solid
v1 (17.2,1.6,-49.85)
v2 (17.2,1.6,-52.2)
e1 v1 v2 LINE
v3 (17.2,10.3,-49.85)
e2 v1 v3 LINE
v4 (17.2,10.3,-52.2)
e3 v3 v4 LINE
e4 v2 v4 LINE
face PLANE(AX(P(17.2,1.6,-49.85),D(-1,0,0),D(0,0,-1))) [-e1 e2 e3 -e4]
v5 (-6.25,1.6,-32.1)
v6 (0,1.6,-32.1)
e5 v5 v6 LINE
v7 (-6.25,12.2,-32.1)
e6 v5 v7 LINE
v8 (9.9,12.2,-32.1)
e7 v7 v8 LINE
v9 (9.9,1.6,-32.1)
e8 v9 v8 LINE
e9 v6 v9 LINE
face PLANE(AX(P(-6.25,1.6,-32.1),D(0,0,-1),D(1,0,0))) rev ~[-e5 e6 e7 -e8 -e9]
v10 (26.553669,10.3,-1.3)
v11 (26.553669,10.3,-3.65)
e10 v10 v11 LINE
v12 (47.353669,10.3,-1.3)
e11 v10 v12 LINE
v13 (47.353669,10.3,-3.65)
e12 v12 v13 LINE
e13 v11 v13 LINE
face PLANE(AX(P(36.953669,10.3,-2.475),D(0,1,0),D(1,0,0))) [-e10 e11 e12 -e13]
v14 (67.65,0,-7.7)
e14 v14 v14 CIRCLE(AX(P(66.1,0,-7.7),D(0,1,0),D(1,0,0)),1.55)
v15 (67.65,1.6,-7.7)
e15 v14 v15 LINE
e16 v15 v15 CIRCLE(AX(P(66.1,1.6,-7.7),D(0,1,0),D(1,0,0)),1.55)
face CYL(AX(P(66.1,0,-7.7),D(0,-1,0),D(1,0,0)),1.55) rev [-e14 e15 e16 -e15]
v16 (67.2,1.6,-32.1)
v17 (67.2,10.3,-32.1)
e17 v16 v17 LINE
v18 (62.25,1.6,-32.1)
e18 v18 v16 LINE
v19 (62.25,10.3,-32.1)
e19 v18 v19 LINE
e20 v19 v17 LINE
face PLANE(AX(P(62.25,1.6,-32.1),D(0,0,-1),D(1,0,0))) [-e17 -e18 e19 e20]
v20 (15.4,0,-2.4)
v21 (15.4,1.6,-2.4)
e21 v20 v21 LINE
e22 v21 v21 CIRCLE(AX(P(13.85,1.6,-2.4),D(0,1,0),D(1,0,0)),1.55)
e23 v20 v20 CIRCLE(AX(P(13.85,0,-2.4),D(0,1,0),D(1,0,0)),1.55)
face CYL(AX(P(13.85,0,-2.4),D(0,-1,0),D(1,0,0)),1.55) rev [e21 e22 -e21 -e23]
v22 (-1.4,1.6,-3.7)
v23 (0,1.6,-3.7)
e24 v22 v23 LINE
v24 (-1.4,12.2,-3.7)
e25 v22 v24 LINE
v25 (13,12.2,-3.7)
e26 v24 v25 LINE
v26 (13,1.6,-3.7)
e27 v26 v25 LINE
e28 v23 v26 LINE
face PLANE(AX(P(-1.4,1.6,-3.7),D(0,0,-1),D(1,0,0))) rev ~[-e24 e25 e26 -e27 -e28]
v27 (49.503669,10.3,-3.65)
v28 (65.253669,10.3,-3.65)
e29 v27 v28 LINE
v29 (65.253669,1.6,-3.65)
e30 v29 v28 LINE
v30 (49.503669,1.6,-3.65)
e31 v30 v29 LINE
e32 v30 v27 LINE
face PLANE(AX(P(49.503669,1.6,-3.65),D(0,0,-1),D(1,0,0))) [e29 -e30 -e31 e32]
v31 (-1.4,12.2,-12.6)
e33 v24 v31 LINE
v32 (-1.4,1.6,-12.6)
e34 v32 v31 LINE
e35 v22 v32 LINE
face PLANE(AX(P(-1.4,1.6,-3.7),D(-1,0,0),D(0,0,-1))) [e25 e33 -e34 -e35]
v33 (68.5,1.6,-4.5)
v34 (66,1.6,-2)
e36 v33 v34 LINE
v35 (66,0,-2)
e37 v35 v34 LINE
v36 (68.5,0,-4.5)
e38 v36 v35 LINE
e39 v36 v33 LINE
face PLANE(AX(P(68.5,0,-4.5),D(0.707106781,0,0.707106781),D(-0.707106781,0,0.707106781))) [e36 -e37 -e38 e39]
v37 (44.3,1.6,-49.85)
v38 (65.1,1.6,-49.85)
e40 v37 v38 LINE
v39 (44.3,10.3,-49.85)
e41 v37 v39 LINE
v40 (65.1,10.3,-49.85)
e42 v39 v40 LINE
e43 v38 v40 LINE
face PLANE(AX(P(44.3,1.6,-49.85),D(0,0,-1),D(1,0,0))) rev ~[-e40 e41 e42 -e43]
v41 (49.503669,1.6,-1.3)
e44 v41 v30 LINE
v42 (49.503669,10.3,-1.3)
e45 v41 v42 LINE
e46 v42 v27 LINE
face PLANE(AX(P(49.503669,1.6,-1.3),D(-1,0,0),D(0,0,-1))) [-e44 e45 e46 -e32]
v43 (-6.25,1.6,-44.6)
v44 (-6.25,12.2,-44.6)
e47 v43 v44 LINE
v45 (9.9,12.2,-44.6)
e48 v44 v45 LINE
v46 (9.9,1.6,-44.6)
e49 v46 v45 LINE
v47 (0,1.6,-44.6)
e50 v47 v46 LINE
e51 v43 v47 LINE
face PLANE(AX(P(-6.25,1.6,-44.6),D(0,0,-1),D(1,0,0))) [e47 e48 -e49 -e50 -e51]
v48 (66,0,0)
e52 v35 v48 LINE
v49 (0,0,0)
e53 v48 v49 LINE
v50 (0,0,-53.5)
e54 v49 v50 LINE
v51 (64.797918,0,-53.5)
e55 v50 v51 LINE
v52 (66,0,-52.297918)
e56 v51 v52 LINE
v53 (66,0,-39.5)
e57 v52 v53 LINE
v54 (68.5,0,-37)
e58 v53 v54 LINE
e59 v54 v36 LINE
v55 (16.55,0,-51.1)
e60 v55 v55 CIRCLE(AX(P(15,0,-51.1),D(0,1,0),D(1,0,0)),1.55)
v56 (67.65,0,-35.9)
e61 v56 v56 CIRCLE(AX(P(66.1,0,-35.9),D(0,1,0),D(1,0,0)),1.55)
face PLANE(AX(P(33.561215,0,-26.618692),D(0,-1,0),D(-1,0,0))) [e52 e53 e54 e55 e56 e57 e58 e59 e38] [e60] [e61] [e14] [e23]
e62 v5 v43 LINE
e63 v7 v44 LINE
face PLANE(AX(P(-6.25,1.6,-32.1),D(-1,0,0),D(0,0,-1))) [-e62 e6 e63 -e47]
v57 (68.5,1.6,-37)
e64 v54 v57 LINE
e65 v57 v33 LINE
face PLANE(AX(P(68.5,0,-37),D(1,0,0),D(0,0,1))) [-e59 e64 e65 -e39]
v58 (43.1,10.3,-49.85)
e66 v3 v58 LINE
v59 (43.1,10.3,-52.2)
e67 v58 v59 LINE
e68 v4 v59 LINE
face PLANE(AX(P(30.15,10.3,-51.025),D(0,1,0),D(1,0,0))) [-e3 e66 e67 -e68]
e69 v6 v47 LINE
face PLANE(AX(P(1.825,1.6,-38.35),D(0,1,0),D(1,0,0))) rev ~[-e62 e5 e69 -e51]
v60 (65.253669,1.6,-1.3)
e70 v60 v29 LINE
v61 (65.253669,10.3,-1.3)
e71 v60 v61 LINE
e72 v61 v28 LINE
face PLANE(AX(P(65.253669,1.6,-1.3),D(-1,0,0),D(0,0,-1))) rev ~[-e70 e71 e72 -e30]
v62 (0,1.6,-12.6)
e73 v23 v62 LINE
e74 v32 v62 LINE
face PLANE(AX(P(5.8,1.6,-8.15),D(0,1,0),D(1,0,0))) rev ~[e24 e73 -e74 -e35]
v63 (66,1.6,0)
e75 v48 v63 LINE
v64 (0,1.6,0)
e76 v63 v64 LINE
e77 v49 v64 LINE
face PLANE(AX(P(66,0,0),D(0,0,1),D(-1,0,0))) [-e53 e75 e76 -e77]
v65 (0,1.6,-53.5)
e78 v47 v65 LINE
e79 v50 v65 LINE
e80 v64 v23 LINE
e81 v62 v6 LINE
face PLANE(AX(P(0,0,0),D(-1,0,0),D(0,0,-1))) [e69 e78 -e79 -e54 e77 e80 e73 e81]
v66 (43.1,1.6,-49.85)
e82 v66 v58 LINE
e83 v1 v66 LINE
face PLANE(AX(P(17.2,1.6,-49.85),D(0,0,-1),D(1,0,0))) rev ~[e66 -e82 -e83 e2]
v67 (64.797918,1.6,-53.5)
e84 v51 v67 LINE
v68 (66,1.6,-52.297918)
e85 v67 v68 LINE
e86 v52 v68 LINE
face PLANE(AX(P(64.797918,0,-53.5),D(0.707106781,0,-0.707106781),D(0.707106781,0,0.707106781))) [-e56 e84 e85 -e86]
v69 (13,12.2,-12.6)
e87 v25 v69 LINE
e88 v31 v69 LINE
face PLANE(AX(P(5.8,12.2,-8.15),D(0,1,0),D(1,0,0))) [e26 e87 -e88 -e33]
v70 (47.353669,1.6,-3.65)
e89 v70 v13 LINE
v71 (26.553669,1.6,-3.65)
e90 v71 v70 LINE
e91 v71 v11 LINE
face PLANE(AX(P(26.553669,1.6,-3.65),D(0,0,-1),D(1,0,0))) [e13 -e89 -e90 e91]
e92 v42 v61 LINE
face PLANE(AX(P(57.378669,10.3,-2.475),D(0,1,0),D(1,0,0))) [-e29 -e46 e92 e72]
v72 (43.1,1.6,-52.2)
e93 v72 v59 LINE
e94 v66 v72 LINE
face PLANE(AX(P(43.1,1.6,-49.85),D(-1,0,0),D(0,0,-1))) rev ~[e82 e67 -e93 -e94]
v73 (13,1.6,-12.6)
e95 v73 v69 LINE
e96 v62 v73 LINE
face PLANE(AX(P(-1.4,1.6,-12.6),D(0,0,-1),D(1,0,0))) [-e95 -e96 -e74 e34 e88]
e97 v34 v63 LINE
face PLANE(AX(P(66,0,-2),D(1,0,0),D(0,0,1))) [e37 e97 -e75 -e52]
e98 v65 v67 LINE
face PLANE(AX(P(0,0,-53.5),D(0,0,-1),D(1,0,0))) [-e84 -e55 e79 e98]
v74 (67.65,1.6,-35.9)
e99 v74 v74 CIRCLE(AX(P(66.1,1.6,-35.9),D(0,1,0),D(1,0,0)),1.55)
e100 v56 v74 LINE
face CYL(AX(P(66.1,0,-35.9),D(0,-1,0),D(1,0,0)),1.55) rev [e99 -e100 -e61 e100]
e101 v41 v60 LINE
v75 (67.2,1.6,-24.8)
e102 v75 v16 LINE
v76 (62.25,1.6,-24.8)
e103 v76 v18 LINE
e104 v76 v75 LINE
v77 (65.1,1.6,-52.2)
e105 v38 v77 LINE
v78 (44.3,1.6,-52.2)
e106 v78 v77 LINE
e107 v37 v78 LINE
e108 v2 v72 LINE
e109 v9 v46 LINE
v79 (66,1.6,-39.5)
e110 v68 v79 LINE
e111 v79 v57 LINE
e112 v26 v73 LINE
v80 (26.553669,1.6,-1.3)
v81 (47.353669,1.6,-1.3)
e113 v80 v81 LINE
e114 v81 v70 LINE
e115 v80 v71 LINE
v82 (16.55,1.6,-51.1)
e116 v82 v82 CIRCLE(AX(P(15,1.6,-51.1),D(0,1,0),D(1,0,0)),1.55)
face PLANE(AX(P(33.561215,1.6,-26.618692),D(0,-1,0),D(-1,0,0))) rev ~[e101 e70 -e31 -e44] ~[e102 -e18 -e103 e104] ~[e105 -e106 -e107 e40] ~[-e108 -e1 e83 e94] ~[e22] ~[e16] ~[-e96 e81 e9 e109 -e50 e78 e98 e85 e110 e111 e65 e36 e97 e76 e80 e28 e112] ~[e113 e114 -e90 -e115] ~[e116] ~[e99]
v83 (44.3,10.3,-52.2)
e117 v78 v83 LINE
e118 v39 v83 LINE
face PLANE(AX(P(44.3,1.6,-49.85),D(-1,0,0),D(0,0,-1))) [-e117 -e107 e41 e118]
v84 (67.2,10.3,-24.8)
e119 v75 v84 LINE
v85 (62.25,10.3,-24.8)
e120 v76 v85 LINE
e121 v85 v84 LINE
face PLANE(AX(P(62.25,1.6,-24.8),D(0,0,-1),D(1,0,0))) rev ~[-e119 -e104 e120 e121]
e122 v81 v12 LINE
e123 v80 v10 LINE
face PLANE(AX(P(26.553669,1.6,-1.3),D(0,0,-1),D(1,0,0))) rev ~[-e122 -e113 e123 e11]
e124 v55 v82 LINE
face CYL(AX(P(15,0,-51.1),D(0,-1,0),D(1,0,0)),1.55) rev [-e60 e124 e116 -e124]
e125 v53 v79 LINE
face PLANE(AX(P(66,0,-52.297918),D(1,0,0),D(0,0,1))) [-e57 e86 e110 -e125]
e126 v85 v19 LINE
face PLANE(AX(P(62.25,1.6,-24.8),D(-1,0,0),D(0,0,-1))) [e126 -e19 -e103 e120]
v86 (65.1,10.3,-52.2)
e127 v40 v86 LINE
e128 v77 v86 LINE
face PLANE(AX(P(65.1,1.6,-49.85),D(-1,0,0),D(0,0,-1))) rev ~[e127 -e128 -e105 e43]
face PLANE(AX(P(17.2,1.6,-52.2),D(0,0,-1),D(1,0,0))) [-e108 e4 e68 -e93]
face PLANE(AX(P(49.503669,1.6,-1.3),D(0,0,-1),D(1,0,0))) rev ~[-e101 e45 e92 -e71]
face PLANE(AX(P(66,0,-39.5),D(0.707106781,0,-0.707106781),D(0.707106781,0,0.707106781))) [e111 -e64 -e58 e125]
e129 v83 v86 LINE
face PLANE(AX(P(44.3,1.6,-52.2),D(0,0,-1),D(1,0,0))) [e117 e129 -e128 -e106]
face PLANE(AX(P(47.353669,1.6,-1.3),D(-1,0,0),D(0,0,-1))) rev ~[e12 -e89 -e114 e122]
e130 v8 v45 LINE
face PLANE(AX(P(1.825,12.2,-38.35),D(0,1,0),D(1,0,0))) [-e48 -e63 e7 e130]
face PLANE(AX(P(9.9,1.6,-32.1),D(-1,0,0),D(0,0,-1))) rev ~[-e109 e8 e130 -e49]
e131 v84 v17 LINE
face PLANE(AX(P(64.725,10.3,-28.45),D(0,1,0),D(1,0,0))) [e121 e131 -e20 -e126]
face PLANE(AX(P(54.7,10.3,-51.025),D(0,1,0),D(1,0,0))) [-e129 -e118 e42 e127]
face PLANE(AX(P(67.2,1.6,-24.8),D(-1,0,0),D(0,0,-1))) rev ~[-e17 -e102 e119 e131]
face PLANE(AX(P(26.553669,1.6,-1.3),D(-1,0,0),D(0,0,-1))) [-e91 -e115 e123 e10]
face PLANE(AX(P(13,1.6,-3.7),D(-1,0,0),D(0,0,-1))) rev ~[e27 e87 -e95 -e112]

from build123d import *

# Parameters (mm, degrees)
SKETCH1_R           = 1.55
BOSS_EXTRUDE1_DEPTH = 1.6
SKETCH2_W           = 25.9
SKETCH2_H           = 2.35
SKETCH2_W_2         = 20.8
SKETCH2_W_3         = 15.75
SKETCH2_W_4         = 4.95
SKETCH2_H_2         = 7.3
BOSS_EXTRUDE2_DEPTH = 8.7
SKETCH3_W           = 16.15
SKETCH3_H           = 12.5
SKETCH3_W_2         = 14.4
SKETCH3_H_2         = 8.9
BOSS_EXTRUDE3_DEPTH = 10.6


with BuildPart() as part:
    # Sketch1 → Boss-Extrude1 (new body)
    with BuildSketch(Plane(origin=(0, 0, 0), x_dir=(1, 0, 0), z_dir=(0, 1, 0))):
        Polygon((66, 52.297918472), (66, 39.5), (68.5, 37), (68.5, 4.5), (66, 2), (66, 0), (0, 0), (0, 53.5), (64.797918472, 53.5), align=None)
        with Locations((15, 51.1)):
            Circle(SKETCH1_R, mode=Mode.SUBTRACT)
        with Locations((66.1, 35.9)):
            Circle(SKETCH1_R, mode=Mode.SUBTRACT)
        with Locations((66.1, 7.7)):
            Circle(SKETCH1_R, mode=Mode.SUBTRACT)
        with Locations((13.85, 2.4)):
            Circle(SKETCH1_R, mode=Mode.SUBTRACT)
    extrude(amount=BOSS_EXTRUDE1_DEPTH)

    # Sketch2 → Boss-Extrude2 (add)
    with BuildSketch(Plane(origin=(0, 1.6, 0), x_dir=(1, 0, 0), z_dir=(0, 1, 0))):
        with Locations((30.15, 51.025)):
            Rectangle(SKETCH2_W, SKETCH2_H)
        with Locations((54.7, 51.025)):
            Rectangle(SKETCH2_W_2, SKETCH2_H)
        with Locations((57.378669226, 2.475)):
            Rectangle(SKETCH2_W_3, SKETCH2_H)
        with Locations((36.953669226, 2.475)):
            Rectangle(SKETCH2_W_2, SKETCH2_H)
        with Locations((64.725, 28.45)):
            Rectangle(SKETCH2_W_4, SKETCH2_H_2)
    extrude(amount=BOSS_EXTRUDE2_DEPTH)

    # Sketch3 → Boss-Extrude3 (add)
    with BuildSketch(Plane(origin=(0, 1.6, 0), x_dir=(1, 0, 0), z_dir=(0, 1, 0))):
        with Locations((1.825, 38.35)):
            Rectangle(SKETCH3_W, SKETCH3_H)
        with Locations((5.8, 8.15)):
            Rectangle(SKETCH3_W_2, SKETCH3_H_2)
    extrude(amount=BOSS_EXTRUDE3_DEPTH)


solid = part.part
